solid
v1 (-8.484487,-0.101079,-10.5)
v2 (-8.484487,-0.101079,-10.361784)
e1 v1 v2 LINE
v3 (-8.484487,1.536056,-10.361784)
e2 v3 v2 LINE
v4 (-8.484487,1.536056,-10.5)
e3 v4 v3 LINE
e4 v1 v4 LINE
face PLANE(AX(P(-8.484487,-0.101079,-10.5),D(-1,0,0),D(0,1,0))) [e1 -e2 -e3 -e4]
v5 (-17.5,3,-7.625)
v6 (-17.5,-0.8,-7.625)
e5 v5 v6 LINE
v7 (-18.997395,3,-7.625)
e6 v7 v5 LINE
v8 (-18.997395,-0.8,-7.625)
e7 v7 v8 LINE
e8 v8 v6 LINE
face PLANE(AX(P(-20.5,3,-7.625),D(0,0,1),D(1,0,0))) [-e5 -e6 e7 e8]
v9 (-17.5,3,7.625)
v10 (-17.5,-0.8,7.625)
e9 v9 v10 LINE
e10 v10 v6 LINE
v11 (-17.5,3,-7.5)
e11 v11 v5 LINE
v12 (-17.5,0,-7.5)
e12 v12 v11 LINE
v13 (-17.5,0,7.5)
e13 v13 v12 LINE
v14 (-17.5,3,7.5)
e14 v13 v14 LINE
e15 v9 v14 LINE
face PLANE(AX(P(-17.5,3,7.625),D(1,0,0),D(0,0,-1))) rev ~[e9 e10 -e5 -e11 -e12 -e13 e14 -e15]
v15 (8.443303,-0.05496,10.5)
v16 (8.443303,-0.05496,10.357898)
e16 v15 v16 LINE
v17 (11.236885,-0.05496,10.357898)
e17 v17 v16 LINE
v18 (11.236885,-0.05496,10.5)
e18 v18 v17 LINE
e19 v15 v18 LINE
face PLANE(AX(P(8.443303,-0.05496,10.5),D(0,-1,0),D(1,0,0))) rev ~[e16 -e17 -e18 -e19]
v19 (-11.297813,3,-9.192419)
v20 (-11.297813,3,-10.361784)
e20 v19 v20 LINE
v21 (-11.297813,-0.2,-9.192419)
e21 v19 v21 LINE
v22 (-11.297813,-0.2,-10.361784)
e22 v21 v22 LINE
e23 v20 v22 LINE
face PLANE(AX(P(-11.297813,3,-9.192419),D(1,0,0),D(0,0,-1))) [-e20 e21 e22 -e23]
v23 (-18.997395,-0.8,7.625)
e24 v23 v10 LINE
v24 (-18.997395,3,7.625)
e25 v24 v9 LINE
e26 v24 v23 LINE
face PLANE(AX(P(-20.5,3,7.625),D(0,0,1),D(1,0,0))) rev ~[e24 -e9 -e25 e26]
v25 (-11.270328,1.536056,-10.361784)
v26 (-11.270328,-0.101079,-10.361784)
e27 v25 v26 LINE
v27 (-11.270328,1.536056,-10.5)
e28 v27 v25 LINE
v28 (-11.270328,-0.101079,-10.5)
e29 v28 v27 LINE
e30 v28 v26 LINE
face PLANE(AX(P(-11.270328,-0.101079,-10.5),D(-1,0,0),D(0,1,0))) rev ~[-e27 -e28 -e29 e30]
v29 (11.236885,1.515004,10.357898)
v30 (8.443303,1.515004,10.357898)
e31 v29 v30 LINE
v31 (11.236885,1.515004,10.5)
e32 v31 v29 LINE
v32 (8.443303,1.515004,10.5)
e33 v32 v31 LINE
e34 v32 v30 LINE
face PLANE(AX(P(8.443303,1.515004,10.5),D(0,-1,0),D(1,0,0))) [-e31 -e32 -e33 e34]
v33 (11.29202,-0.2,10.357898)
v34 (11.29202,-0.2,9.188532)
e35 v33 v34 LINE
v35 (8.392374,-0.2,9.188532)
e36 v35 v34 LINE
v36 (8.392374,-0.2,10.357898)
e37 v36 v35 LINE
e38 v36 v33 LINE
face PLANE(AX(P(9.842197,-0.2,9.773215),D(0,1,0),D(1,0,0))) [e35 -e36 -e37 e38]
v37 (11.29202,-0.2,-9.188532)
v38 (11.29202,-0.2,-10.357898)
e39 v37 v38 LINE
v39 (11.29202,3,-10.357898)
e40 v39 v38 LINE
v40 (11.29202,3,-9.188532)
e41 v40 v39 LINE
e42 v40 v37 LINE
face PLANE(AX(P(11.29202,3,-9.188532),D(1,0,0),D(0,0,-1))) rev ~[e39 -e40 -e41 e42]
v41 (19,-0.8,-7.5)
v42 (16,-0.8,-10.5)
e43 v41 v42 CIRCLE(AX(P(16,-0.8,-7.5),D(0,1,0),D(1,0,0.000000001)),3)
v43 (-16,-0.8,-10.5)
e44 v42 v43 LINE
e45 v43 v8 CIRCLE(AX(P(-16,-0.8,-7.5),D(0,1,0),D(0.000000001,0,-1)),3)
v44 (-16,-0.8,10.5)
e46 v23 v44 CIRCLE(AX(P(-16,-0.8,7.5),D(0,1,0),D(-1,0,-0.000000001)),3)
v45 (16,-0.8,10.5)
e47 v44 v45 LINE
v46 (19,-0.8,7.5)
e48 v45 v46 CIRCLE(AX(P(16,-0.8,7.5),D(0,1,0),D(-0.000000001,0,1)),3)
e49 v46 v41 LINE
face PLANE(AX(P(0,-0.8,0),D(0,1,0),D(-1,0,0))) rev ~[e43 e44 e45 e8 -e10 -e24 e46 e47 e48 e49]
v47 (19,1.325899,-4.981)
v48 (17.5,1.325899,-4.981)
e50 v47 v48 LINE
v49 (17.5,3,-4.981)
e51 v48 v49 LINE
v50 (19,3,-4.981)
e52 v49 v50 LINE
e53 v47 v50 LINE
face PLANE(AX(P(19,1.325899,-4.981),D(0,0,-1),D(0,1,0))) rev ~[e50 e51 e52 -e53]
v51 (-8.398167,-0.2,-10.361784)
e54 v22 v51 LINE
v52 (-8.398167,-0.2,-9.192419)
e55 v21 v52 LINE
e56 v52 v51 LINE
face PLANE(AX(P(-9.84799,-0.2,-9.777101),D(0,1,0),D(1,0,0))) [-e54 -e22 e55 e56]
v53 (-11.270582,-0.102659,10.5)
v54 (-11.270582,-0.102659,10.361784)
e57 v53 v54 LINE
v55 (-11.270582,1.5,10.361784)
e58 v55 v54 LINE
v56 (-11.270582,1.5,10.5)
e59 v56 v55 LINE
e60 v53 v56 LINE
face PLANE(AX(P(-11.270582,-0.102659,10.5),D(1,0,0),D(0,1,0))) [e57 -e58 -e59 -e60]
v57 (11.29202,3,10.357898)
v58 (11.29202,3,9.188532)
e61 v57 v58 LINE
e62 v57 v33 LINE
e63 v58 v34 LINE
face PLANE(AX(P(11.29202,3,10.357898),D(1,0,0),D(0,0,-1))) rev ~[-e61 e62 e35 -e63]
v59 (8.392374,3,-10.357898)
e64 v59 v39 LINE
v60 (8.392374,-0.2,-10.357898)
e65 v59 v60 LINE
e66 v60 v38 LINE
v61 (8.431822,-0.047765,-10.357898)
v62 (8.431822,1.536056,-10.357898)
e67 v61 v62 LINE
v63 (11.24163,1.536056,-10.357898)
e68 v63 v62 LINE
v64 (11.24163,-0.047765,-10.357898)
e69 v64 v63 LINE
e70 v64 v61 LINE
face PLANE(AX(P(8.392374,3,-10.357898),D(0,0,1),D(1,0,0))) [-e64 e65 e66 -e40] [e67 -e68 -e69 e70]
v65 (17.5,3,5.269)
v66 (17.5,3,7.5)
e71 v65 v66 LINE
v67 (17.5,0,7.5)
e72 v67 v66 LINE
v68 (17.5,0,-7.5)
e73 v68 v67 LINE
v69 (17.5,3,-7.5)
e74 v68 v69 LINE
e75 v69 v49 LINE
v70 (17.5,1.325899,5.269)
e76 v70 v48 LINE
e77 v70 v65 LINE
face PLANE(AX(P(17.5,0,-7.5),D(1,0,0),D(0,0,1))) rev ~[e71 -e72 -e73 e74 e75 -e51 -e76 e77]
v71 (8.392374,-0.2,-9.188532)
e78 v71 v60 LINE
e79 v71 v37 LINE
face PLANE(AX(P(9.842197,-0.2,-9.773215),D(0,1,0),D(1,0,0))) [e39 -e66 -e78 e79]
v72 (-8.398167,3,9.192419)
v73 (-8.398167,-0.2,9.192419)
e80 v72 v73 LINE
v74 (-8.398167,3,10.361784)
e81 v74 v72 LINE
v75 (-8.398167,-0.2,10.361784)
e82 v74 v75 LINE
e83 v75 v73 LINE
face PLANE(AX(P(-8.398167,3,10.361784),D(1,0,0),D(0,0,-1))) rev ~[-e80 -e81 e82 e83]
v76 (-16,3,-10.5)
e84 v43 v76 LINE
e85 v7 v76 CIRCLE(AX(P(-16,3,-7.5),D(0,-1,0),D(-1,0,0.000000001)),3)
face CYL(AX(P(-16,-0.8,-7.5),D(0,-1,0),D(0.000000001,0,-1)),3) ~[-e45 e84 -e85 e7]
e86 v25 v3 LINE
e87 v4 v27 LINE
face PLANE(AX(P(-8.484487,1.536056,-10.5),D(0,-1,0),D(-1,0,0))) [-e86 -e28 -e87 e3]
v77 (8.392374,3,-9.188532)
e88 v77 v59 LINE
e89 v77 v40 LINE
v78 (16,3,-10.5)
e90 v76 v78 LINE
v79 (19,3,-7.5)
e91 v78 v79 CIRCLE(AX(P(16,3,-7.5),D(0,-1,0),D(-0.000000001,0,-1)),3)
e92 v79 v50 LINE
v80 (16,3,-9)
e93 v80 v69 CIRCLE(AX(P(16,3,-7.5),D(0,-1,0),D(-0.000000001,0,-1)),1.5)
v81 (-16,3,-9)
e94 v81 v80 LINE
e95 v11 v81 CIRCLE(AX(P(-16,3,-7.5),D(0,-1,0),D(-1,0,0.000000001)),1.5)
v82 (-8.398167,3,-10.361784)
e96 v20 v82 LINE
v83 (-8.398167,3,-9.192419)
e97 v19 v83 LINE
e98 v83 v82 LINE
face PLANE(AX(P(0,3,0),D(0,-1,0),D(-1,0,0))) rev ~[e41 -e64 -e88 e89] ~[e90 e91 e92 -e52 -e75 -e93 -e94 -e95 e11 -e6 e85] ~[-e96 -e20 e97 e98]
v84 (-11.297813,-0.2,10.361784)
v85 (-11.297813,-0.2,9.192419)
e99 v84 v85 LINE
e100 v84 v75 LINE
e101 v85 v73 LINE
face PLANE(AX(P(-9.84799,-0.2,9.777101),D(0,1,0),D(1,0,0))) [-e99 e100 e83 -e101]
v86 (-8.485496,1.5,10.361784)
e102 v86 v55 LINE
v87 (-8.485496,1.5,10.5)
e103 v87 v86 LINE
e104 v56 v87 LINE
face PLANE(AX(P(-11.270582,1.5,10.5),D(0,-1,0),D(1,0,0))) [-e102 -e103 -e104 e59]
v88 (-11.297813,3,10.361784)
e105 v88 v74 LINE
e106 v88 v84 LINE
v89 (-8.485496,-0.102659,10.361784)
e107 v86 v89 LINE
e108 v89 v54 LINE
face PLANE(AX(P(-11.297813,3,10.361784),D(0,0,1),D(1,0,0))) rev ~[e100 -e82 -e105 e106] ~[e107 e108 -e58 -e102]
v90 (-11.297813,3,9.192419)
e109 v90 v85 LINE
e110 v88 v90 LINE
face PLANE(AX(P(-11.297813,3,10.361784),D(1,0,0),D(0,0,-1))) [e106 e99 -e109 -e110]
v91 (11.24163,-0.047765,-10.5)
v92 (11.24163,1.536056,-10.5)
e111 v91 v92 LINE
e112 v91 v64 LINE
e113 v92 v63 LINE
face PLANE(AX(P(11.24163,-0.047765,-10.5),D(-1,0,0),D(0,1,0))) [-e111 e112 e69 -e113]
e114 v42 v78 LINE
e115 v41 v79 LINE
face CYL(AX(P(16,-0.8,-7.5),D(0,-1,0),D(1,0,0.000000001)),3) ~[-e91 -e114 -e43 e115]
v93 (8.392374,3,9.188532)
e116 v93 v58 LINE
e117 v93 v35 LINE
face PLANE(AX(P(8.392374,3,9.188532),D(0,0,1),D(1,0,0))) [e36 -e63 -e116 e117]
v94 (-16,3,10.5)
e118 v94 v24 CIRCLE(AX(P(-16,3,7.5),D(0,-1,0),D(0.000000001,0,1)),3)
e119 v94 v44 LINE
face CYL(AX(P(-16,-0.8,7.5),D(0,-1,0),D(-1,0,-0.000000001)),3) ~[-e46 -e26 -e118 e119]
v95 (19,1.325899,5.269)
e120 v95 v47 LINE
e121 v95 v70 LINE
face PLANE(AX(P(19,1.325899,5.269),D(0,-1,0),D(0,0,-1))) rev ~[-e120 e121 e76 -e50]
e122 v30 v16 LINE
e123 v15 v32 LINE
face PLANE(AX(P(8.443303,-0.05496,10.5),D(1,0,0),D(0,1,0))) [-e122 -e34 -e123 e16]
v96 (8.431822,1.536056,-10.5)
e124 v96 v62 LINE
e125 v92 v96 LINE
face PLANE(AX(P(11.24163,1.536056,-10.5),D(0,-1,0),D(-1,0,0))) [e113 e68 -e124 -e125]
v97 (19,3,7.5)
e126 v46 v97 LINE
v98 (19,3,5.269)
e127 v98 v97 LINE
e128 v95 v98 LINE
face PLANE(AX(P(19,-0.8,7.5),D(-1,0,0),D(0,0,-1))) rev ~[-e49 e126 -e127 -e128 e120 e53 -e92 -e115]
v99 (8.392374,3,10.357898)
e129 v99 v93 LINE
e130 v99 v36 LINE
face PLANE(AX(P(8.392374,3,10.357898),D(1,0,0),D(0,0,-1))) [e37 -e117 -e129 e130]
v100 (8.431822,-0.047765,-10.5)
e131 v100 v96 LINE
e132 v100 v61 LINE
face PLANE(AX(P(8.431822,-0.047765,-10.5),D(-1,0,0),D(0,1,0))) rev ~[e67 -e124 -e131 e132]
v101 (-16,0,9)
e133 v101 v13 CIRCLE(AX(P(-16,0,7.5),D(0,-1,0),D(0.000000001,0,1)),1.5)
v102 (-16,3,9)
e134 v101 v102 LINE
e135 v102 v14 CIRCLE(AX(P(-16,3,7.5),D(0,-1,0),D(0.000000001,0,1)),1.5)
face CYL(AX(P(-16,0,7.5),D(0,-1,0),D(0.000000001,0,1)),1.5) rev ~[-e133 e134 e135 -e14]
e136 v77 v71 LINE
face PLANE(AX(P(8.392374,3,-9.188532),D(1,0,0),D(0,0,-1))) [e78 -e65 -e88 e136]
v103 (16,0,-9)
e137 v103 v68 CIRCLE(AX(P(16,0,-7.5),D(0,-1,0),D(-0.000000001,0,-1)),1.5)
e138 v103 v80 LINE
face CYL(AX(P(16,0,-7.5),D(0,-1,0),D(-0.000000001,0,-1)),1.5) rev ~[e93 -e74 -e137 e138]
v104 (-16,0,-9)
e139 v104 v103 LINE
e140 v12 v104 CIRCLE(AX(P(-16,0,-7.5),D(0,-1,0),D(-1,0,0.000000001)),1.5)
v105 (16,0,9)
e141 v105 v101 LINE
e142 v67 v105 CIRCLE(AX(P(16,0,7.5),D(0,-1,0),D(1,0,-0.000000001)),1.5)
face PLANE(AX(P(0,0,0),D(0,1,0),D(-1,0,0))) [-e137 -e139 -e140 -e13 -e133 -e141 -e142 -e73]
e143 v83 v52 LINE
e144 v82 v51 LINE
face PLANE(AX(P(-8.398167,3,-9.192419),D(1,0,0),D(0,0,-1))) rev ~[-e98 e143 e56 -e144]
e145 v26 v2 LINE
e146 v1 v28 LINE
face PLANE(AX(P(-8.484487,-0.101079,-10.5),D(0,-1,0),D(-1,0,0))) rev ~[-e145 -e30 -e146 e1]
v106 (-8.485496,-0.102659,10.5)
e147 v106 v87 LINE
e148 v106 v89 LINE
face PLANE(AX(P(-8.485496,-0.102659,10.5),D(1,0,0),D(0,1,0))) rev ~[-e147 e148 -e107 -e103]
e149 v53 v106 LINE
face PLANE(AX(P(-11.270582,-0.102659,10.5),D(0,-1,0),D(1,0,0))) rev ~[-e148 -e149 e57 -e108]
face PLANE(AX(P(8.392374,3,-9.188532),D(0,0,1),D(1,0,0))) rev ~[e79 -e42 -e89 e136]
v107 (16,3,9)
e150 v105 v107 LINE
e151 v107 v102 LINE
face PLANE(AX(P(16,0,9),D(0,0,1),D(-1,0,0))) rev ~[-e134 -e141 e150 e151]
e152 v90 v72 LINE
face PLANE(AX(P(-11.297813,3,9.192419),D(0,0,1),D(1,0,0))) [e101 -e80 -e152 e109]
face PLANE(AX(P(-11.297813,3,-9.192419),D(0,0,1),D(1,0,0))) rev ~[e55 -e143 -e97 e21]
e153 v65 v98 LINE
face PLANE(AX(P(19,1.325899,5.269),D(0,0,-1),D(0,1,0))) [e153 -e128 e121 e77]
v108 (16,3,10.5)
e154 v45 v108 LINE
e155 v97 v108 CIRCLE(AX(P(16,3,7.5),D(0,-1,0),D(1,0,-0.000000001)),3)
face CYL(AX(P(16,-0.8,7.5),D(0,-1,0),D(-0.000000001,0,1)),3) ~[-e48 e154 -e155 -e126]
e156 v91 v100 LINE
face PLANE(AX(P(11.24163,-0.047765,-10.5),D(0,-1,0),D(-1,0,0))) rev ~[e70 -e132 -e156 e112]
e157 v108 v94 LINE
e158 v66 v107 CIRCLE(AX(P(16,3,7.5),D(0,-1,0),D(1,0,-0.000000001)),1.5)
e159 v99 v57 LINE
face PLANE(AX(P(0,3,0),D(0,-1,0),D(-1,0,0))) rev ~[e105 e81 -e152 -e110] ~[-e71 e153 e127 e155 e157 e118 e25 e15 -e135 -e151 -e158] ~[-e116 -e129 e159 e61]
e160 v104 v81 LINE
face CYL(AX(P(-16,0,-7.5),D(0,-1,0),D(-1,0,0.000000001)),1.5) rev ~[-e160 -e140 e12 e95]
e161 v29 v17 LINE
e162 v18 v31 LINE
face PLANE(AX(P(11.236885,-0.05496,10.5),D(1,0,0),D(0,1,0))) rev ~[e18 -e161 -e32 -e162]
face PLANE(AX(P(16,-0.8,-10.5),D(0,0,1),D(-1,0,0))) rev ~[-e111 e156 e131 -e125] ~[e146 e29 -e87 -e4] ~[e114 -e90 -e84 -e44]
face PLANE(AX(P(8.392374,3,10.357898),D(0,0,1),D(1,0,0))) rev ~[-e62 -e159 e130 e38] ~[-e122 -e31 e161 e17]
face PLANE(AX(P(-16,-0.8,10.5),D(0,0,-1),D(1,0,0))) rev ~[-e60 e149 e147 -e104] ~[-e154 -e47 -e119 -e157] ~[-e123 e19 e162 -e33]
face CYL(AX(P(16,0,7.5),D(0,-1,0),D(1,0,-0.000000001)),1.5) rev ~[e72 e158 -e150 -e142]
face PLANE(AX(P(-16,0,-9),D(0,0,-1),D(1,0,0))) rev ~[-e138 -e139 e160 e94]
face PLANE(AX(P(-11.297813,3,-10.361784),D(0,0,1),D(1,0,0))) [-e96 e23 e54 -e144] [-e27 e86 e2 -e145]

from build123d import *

# Parameters (mm, degrees)
EXTRUDE_3_DEPTH     = 3
EXTRUDE_START       = 0.8
EXTRUDE_4_DEPTH     = 0.8
SKETCH_4_W          = 3
SKETCH_4_H          = 15.25
CUT_EXTRUDE_1_DEPTH = 4
SKETCH_5_W          = 10.25
SKETCH_5_H          = 3.645381057
CUT_EXTRUDE_2_DEPTH = 3
SKETCH_6_W          = 2.899645865
SKETCH_6_H          = 1.169365381
SKETCH_6_H_2        = 1.169365382
CUT_EXTRUDE_3_DEPTH = 3.2
CUT_EXTRUDE_5_REACH = 30.478
SKETCH_7_W          = 2.785841709
SKETCH_7_H          = 1.637134251
SKETCH_7_W_2        = 2.809808384
SKETCH_7_H_2        = 1.583820861
CUT_EXTRUDE_6_REACH = 30.478
SKETCH_8_W          = 2.793582113
SKETCH_8_H          = 1.569963741
SKETCH_8_W_2        = 2.785085694
SKETCH_8_H_2        = 1.60265935


with BuildPart() as part:
    # 草图1 → 凸台-拉伸3 (new body)
    with BuildSketch(Plane(origin=(0, 0, 0), x_dir=(1, 0, 0), z_dir=(0, 1, 0))):
        with BuildLine():
            Line((-16, 10.5), (16, 10.5))
            ThreePointArc((16, 10.5), (18.121320344, 9.621320344), (19, 7.5))
            Line((19, 7.5), (19, -7.5))
            ThreePointArc((19, -7.5), (18.121320344, -9.621320344), (16, -10.5))
            Line((16, -10.5), (-16, -10.5))
            ThreePointArc((-16, -10.5), (-18.121320344, -9.621320344), (-19, -7.5))
            Line((-19, -7.5), (-19, 7.5))
            ThreePointArc((-19, 7.5), (-18.121320344, 9.621320344), (-16, 10.5))
        make_face()
        with BuildLine():
            Line((-16, 9), (16, 9))
            ThreePointArc((16, 9), (17.060660172, 8.560660172), (17.5, 7.5))
            Line((17.5, 7.5), (17.5, -7.5))
            ThreePointArc((17.5, -7.5), (17.060660172, -8.560660172), (16, -9))
            Line((16, -9), (-16, -9))
            ThreePointArc((-16, -9), (-17.060660172, -8.560660172), (-17.5, -7.5))
            Line((-17.5, -7.5), (-17.5, 7.5))
            ThreePointArc((-17.5, 7.5), (-17.060660172, 8.560660172), (-16, 9))
        make_face(mode=Mode.SUBTRACT)
    extrude(amount=EXTRUDE_3_DEPTH)

    # 草图3 → 凸台-拉伸4 (add)
    with BuildSketch(Plane.XZ.offset(EXTRUDE_START)):
        with BuildLine():
            Line((-16, 10.5), (16, 10.5))
            ThreePointArc((16, 10.5), (18.121320344, 9.621320344), (19, 7.5))
            Line((19, 7.5), (19, -7.5))
            ThreePointArc((19, -7.5), (18.121320344, -9.621320344), (16, -10.5))
            Line((16, -10.5), (-16, -10.5))
            ThreePointArc((-16, -10.5), (-18.121320344, -9.621320344), (-19, -7.5))
            Line((-19, -7.5), (-19, 7.5))
            ThreePointArc((-19, 7.5), (-18.121320344, 9.621320344), (-16, 10.5))
        make_face()
    extrude(amount=-EXTRUDE_4_DEPTH)

    # 草图4 → 切除-拉伸1 (cut)
    with BuildSketch(Plane(origin=(0, 3, 0), x_dir=(1, 0, 0), z_dir=(0, 1, 0))):
        with Locations((-19, 0)):
            Rectangle(SKETCH_4_W, SKETCH_4_H)
    extrude(amount=-CUT_EXTRUDE_1_DEPTH, mode=Mode.SUBTRACT)

    # 草图5 → 切除-拉伸2 (cut)
    with BuildSketch(Plane(origin=(19, 0, 0), x_dir=(0, 0, -1), z_dir=(1, 0, 0))):
        with Locations((-0.144, 3.148589472)):
            Rectangle(SKETCH_5_W, SKETCH_5_H)
    extrude(amount=-CUT_EXTRUDE_2_DEPTH, mode=Mode.SUBTRACT)

    # 草图6 → 切除-拉伸3 (cut)
    with BuildSketch(Plane(origin=(0, 3, 0), x_dir=(1, 0, 0), z_dir=(0, 1, 0))):
        with Locations((9.842196581, -9.77321518)):
            Rectangle(SKETCH_6_W, SKETCH_6_H)
        with Locations((-9.847989742, -9.777101279)):
            Rectangle(SKETCH_6_W, SKETCH_6_H_2)
        with Locations((9.842196581, 9.77321518)):
            Rectangle(SKETCH_6_W, SKETCH_6_H)
        with Locations((-9.847989742, 9.777101279)):
            Rectangle(SKETCH_6_W, SKETCH_6_H_2)
    extrude(amount=-CUT_EXTRUDE_3_DEPTH, mode=Mode.SUBTRACT)

    # 切除-拉伸5: up to this face of the body (flat: up to its plane)
    cut_extrude_5_end = Plane(part.part.faces().sort_by_distance((9.84219658, 1.4, -10.357897871))[0])
    # 草图7 → 切除-拉伸5 (cut, up to the picked face)
    with BuildSketch(Plane(origin=(0, 0, -10.5), x_dir=(-1, 0, 0), z_dir=(0, 0, -1)), mode=Mode.PRIVATE) as cut_extrude_5_sk1:
        with Locations((9.877407398, 0.717488498)):
            Rectangle(SKETCH_7_W, SKETCH_7_H)
    cut_extrude_5_tool1 = split(extrude(cut_extrude_5_sk1.sketch, amount=-CUT_EXTRUDE_5_REACH, mode=Mode.PRIVATE), bisect_by=cut_extrude_5_end, keep=Keep.BOTH, mode=Mode.PRIVATE)
    # 草图7 → 切除-拉伸5 (cut, up to the picked face)
    with BuildSketch(Plane(origin=(0, 0, -10.5), x_dir=(-1, 0, 0), z_dir=(0, 0, -1)), mode=Mode.PRIVATE) as cut_extrude_5_sk2:
        with Locations((-9.836726154, 0.744145193)):
            Rectangle(SKETCH_7_W_2, SKETCH_7_H_2)
    cut_extrude_5_tool2 = split(extrude(cut_extrude_5_sk2.sketch, amount=-CUT_EXTRUDE_5_REACH, mode=Mode.PRIVATE), bisect_by=cut_extrude_5_end, keep=Keep.BOTH, mode=Mode.PRIVATE)
    add(cut_extrude_5_tool1.solids().sort_by(Axis((-9.877407, 0.717488, -10.5), (0, 0, 1)))[0], mode=Mode.SUBTRACT)
    add(cut_extrude_5_tool2.solids().sort_by(Axis((9.836726, 0.744145, -10.5), (0, 0, 1)))[0], mode=Mode.SUBTRACT)

    # 草图8 → 切除-拉伸6 (cut, up to next)
    with BuildSketch(Plane.XY.offset(10.5), mode=Mode.PRIVATE) as cut_extrude_6_sk1:
        with Locations((9.840094375, 0.730022081)):
            Rectangle(SKETCH_8_W, SKETCH_8_H)
    cut_extrude_6_tool1 = extrude(cut_extrude_6_sk1.sketch, amount=-CUT_EXTRUDE_6_REACH, mode=Mode.PRIVATE) & part.part
    # 草图8 → 切除-拉伸6 (cut, up to next)
    with BuildSketch(Plane.XY.offset(10.5), mode=Mode.PRIVATE) as cut_extrude_6_sk2:
        with Locations((-9.878038676, 0.698670325)):
            Rectangle(SKETCH_8_W_2, SKETCH_8_H_2)
    cut_extrude_6_tool2 = extrude(cut_extrude_6_sk2.sketch, amount=-CUT_EXTRUDE_6_REACH, mode=Mode.PRIVATE) & part.part
    add(cut_extrude_6_tool1.solids().sort_by_distance((9.840094, 0.730022, 10.5))[0], mode=Mode.SUBTRACT)
    add(cut_extrude_6_tool2.solids().sort_by_distance((-9.878039, 0.69867, 10.5))[0], mode=Mode.SUBTRACT)


solid = part.part
